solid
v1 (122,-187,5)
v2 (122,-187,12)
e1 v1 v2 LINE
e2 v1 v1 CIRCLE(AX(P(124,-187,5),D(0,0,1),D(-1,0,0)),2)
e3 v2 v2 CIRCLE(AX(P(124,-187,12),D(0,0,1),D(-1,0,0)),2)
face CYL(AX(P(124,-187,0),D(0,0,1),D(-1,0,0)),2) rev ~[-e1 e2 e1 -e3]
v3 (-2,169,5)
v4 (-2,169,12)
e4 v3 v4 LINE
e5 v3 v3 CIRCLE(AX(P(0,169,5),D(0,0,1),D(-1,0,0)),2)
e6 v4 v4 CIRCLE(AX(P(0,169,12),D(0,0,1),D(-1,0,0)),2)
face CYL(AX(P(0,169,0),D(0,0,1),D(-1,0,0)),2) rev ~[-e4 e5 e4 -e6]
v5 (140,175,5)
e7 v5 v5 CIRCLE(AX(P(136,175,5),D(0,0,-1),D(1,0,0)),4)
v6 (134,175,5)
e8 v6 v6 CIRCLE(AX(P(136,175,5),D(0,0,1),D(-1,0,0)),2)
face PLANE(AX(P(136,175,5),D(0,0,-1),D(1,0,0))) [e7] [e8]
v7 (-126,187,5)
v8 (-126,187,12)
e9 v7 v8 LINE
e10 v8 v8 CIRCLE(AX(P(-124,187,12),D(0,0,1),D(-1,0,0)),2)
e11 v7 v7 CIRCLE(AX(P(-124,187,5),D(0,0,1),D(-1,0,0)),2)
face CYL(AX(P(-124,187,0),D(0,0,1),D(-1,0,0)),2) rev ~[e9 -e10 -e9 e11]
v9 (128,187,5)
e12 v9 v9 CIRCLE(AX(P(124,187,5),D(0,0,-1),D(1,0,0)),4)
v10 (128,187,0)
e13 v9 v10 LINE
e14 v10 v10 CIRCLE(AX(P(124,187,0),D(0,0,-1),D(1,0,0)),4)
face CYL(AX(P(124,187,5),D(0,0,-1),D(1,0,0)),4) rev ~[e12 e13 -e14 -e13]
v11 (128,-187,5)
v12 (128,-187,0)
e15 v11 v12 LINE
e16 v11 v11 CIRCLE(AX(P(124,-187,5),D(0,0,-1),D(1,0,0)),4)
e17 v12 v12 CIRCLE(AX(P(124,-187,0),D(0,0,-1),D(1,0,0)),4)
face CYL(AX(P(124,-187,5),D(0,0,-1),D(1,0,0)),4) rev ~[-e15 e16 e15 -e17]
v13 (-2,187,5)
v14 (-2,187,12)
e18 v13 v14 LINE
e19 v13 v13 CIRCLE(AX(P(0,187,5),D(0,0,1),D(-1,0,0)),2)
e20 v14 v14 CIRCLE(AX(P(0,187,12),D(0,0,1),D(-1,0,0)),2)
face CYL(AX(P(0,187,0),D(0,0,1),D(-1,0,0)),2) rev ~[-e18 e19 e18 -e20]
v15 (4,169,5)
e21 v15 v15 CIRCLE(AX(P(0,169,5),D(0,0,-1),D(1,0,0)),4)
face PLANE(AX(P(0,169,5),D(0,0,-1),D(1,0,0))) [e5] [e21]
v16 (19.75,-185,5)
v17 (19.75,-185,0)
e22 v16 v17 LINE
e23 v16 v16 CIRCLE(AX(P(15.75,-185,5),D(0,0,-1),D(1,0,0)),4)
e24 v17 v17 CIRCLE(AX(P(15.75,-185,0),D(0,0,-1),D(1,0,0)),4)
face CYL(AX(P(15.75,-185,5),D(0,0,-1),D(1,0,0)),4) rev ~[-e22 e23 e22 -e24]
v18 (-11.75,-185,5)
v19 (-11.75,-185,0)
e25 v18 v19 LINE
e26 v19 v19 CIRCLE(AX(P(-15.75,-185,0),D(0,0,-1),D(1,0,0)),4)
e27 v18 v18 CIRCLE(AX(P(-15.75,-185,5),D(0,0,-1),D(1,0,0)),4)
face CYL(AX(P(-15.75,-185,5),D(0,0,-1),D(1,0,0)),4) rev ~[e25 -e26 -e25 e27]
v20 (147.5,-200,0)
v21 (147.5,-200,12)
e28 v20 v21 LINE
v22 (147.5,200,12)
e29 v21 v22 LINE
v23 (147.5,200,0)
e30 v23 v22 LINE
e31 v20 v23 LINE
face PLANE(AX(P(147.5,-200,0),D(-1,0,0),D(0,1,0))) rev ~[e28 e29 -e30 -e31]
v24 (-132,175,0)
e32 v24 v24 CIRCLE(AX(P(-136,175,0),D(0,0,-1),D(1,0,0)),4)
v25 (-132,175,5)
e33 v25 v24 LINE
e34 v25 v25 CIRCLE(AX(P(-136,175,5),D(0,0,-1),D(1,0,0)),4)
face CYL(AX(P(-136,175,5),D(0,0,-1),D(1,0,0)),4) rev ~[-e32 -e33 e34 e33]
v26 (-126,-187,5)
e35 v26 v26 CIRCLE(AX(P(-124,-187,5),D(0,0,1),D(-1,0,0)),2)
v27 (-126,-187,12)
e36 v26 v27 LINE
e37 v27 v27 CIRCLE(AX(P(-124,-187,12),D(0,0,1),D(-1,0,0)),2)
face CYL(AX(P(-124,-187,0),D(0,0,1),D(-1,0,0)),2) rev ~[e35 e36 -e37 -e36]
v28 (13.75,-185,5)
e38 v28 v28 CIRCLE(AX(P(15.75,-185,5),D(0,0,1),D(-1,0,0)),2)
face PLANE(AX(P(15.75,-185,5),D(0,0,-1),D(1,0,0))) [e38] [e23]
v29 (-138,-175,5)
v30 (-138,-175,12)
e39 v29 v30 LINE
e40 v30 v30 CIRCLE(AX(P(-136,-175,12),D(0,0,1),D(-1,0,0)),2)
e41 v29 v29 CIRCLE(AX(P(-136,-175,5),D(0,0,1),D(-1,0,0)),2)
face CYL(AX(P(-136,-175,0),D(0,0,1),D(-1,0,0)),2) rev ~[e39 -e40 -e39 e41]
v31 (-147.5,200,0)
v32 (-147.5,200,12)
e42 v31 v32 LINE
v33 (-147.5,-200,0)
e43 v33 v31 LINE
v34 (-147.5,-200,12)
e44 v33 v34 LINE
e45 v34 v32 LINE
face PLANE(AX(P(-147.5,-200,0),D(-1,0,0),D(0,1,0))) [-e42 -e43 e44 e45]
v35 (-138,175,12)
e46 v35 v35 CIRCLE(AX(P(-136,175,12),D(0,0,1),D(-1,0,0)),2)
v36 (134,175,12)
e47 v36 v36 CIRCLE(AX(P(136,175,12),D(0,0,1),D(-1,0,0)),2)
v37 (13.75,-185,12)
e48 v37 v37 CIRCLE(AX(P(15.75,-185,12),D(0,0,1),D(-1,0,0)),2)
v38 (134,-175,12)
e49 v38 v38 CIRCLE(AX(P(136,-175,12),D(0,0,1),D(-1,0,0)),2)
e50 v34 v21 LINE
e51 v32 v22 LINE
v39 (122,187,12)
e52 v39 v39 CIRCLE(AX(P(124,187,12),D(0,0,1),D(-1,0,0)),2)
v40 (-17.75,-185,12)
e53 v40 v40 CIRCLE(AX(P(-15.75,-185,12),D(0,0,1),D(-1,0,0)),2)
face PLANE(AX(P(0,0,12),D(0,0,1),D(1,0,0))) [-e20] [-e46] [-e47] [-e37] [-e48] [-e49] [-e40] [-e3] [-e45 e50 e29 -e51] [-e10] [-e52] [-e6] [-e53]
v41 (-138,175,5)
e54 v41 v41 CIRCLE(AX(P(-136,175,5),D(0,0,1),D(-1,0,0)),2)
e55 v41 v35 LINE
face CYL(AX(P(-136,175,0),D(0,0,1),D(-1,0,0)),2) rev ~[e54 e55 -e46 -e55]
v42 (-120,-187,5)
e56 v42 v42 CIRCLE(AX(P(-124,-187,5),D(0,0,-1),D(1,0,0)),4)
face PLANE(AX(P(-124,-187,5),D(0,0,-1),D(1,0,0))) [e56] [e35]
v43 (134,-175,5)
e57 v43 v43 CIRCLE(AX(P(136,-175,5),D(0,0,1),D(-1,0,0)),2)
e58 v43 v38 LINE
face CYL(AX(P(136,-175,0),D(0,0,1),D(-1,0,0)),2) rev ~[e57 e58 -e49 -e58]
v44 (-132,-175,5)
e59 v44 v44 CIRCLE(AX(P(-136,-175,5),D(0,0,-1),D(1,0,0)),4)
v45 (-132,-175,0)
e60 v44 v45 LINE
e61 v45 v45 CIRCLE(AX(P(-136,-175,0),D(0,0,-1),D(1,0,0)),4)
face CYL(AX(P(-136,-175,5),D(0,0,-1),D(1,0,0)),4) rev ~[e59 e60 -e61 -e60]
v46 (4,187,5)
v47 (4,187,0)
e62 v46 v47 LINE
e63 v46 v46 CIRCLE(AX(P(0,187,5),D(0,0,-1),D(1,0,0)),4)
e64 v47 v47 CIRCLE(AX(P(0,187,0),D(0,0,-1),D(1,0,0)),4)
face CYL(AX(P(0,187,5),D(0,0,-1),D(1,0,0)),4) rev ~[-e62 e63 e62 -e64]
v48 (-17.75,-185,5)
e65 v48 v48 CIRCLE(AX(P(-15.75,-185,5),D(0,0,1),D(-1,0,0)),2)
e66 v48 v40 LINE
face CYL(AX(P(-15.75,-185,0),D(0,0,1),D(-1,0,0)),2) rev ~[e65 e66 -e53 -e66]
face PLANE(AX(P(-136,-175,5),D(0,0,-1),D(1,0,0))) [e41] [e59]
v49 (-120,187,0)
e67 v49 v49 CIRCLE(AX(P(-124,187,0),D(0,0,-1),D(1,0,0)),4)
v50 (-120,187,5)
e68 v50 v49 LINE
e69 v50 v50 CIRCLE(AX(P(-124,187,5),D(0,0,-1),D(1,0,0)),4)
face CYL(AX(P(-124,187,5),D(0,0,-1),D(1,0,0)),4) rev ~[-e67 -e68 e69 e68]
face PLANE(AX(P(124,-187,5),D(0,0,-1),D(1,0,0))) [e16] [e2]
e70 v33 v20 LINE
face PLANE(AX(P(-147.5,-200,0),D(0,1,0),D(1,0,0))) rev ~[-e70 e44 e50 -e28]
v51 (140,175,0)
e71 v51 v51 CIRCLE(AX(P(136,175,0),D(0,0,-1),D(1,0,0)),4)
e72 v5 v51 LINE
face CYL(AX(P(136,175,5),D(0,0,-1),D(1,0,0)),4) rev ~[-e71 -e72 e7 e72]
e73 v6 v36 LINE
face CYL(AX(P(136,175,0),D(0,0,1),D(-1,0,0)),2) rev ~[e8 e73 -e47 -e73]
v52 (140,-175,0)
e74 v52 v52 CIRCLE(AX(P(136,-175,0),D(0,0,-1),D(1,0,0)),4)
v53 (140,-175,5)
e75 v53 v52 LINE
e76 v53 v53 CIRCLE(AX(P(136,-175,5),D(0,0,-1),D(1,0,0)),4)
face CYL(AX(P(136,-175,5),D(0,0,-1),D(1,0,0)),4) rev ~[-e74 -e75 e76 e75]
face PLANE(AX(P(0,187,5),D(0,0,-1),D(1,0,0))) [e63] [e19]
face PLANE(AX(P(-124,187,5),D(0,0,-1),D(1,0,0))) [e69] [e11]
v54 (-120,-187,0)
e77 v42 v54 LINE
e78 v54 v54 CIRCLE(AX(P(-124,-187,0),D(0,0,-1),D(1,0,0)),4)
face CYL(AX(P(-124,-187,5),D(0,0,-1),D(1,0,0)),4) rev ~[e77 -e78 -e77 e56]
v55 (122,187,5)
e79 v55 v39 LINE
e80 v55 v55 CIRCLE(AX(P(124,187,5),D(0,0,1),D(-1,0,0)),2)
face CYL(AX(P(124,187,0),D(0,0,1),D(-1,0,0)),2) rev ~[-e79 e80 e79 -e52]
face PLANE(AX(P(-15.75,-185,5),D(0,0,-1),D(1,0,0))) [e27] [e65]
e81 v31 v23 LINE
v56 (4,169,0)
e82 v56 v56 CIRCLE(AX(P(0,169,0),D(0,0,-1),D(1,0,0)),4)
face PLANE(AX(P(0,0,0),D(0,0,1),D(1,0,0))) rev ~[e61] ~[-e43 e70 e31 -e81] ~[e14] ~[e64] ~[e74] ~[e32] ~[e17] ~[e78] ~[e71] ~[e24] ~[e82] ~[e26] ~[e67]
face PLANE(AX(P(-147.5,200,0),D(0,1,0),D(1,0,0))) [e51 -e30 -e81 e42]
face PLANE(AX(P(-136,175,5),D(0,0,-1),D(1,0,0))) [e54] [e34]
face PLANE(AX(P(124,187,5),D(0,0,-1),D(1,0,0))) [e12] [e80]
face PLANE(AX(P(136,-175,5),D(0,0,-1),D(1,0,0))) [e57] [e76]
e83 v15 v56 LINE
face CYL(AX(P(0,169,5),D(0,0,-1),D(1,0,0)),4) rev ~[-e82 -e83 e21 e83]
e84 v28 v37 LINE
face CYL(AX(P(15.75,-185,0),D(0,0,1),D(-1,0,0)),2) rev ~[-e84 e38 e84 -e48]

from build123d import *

# Parameters (mm, degrees)
F0_W           = 295
F0_H           = 400
F1_DEPTH       = 12
F3_D           = 4
F3_CBORE_D     = 8
F3_CBORE_DEPTH = 5


with BuildPart() as f1:
    # F0 (on Top) → F1 (new body)
    with BuildSketch(Plane.XY):
        Rectangle(F0_W, F0_H)
    extrude(amount=F1_DEPTH)

    # F3 (through all)
    with Locations(Plane(origin=(0, 0, 0), x_dir=(1, 0, 0), z_dir=(0, 0, -1))):
        with Locations((136, 175), (124, 187), (15.75, 185), (-15.75, 185), (-124, 187), (-136, 175), (-136, -175), (-124, -187), (0, -187), (0, -169), (124, -187), (136, -175)):
            CounterBoreHole(F3_D / 2, F3_CBORE_D / 2, F3_CBORE_DEPTH)


solid = f1.part
